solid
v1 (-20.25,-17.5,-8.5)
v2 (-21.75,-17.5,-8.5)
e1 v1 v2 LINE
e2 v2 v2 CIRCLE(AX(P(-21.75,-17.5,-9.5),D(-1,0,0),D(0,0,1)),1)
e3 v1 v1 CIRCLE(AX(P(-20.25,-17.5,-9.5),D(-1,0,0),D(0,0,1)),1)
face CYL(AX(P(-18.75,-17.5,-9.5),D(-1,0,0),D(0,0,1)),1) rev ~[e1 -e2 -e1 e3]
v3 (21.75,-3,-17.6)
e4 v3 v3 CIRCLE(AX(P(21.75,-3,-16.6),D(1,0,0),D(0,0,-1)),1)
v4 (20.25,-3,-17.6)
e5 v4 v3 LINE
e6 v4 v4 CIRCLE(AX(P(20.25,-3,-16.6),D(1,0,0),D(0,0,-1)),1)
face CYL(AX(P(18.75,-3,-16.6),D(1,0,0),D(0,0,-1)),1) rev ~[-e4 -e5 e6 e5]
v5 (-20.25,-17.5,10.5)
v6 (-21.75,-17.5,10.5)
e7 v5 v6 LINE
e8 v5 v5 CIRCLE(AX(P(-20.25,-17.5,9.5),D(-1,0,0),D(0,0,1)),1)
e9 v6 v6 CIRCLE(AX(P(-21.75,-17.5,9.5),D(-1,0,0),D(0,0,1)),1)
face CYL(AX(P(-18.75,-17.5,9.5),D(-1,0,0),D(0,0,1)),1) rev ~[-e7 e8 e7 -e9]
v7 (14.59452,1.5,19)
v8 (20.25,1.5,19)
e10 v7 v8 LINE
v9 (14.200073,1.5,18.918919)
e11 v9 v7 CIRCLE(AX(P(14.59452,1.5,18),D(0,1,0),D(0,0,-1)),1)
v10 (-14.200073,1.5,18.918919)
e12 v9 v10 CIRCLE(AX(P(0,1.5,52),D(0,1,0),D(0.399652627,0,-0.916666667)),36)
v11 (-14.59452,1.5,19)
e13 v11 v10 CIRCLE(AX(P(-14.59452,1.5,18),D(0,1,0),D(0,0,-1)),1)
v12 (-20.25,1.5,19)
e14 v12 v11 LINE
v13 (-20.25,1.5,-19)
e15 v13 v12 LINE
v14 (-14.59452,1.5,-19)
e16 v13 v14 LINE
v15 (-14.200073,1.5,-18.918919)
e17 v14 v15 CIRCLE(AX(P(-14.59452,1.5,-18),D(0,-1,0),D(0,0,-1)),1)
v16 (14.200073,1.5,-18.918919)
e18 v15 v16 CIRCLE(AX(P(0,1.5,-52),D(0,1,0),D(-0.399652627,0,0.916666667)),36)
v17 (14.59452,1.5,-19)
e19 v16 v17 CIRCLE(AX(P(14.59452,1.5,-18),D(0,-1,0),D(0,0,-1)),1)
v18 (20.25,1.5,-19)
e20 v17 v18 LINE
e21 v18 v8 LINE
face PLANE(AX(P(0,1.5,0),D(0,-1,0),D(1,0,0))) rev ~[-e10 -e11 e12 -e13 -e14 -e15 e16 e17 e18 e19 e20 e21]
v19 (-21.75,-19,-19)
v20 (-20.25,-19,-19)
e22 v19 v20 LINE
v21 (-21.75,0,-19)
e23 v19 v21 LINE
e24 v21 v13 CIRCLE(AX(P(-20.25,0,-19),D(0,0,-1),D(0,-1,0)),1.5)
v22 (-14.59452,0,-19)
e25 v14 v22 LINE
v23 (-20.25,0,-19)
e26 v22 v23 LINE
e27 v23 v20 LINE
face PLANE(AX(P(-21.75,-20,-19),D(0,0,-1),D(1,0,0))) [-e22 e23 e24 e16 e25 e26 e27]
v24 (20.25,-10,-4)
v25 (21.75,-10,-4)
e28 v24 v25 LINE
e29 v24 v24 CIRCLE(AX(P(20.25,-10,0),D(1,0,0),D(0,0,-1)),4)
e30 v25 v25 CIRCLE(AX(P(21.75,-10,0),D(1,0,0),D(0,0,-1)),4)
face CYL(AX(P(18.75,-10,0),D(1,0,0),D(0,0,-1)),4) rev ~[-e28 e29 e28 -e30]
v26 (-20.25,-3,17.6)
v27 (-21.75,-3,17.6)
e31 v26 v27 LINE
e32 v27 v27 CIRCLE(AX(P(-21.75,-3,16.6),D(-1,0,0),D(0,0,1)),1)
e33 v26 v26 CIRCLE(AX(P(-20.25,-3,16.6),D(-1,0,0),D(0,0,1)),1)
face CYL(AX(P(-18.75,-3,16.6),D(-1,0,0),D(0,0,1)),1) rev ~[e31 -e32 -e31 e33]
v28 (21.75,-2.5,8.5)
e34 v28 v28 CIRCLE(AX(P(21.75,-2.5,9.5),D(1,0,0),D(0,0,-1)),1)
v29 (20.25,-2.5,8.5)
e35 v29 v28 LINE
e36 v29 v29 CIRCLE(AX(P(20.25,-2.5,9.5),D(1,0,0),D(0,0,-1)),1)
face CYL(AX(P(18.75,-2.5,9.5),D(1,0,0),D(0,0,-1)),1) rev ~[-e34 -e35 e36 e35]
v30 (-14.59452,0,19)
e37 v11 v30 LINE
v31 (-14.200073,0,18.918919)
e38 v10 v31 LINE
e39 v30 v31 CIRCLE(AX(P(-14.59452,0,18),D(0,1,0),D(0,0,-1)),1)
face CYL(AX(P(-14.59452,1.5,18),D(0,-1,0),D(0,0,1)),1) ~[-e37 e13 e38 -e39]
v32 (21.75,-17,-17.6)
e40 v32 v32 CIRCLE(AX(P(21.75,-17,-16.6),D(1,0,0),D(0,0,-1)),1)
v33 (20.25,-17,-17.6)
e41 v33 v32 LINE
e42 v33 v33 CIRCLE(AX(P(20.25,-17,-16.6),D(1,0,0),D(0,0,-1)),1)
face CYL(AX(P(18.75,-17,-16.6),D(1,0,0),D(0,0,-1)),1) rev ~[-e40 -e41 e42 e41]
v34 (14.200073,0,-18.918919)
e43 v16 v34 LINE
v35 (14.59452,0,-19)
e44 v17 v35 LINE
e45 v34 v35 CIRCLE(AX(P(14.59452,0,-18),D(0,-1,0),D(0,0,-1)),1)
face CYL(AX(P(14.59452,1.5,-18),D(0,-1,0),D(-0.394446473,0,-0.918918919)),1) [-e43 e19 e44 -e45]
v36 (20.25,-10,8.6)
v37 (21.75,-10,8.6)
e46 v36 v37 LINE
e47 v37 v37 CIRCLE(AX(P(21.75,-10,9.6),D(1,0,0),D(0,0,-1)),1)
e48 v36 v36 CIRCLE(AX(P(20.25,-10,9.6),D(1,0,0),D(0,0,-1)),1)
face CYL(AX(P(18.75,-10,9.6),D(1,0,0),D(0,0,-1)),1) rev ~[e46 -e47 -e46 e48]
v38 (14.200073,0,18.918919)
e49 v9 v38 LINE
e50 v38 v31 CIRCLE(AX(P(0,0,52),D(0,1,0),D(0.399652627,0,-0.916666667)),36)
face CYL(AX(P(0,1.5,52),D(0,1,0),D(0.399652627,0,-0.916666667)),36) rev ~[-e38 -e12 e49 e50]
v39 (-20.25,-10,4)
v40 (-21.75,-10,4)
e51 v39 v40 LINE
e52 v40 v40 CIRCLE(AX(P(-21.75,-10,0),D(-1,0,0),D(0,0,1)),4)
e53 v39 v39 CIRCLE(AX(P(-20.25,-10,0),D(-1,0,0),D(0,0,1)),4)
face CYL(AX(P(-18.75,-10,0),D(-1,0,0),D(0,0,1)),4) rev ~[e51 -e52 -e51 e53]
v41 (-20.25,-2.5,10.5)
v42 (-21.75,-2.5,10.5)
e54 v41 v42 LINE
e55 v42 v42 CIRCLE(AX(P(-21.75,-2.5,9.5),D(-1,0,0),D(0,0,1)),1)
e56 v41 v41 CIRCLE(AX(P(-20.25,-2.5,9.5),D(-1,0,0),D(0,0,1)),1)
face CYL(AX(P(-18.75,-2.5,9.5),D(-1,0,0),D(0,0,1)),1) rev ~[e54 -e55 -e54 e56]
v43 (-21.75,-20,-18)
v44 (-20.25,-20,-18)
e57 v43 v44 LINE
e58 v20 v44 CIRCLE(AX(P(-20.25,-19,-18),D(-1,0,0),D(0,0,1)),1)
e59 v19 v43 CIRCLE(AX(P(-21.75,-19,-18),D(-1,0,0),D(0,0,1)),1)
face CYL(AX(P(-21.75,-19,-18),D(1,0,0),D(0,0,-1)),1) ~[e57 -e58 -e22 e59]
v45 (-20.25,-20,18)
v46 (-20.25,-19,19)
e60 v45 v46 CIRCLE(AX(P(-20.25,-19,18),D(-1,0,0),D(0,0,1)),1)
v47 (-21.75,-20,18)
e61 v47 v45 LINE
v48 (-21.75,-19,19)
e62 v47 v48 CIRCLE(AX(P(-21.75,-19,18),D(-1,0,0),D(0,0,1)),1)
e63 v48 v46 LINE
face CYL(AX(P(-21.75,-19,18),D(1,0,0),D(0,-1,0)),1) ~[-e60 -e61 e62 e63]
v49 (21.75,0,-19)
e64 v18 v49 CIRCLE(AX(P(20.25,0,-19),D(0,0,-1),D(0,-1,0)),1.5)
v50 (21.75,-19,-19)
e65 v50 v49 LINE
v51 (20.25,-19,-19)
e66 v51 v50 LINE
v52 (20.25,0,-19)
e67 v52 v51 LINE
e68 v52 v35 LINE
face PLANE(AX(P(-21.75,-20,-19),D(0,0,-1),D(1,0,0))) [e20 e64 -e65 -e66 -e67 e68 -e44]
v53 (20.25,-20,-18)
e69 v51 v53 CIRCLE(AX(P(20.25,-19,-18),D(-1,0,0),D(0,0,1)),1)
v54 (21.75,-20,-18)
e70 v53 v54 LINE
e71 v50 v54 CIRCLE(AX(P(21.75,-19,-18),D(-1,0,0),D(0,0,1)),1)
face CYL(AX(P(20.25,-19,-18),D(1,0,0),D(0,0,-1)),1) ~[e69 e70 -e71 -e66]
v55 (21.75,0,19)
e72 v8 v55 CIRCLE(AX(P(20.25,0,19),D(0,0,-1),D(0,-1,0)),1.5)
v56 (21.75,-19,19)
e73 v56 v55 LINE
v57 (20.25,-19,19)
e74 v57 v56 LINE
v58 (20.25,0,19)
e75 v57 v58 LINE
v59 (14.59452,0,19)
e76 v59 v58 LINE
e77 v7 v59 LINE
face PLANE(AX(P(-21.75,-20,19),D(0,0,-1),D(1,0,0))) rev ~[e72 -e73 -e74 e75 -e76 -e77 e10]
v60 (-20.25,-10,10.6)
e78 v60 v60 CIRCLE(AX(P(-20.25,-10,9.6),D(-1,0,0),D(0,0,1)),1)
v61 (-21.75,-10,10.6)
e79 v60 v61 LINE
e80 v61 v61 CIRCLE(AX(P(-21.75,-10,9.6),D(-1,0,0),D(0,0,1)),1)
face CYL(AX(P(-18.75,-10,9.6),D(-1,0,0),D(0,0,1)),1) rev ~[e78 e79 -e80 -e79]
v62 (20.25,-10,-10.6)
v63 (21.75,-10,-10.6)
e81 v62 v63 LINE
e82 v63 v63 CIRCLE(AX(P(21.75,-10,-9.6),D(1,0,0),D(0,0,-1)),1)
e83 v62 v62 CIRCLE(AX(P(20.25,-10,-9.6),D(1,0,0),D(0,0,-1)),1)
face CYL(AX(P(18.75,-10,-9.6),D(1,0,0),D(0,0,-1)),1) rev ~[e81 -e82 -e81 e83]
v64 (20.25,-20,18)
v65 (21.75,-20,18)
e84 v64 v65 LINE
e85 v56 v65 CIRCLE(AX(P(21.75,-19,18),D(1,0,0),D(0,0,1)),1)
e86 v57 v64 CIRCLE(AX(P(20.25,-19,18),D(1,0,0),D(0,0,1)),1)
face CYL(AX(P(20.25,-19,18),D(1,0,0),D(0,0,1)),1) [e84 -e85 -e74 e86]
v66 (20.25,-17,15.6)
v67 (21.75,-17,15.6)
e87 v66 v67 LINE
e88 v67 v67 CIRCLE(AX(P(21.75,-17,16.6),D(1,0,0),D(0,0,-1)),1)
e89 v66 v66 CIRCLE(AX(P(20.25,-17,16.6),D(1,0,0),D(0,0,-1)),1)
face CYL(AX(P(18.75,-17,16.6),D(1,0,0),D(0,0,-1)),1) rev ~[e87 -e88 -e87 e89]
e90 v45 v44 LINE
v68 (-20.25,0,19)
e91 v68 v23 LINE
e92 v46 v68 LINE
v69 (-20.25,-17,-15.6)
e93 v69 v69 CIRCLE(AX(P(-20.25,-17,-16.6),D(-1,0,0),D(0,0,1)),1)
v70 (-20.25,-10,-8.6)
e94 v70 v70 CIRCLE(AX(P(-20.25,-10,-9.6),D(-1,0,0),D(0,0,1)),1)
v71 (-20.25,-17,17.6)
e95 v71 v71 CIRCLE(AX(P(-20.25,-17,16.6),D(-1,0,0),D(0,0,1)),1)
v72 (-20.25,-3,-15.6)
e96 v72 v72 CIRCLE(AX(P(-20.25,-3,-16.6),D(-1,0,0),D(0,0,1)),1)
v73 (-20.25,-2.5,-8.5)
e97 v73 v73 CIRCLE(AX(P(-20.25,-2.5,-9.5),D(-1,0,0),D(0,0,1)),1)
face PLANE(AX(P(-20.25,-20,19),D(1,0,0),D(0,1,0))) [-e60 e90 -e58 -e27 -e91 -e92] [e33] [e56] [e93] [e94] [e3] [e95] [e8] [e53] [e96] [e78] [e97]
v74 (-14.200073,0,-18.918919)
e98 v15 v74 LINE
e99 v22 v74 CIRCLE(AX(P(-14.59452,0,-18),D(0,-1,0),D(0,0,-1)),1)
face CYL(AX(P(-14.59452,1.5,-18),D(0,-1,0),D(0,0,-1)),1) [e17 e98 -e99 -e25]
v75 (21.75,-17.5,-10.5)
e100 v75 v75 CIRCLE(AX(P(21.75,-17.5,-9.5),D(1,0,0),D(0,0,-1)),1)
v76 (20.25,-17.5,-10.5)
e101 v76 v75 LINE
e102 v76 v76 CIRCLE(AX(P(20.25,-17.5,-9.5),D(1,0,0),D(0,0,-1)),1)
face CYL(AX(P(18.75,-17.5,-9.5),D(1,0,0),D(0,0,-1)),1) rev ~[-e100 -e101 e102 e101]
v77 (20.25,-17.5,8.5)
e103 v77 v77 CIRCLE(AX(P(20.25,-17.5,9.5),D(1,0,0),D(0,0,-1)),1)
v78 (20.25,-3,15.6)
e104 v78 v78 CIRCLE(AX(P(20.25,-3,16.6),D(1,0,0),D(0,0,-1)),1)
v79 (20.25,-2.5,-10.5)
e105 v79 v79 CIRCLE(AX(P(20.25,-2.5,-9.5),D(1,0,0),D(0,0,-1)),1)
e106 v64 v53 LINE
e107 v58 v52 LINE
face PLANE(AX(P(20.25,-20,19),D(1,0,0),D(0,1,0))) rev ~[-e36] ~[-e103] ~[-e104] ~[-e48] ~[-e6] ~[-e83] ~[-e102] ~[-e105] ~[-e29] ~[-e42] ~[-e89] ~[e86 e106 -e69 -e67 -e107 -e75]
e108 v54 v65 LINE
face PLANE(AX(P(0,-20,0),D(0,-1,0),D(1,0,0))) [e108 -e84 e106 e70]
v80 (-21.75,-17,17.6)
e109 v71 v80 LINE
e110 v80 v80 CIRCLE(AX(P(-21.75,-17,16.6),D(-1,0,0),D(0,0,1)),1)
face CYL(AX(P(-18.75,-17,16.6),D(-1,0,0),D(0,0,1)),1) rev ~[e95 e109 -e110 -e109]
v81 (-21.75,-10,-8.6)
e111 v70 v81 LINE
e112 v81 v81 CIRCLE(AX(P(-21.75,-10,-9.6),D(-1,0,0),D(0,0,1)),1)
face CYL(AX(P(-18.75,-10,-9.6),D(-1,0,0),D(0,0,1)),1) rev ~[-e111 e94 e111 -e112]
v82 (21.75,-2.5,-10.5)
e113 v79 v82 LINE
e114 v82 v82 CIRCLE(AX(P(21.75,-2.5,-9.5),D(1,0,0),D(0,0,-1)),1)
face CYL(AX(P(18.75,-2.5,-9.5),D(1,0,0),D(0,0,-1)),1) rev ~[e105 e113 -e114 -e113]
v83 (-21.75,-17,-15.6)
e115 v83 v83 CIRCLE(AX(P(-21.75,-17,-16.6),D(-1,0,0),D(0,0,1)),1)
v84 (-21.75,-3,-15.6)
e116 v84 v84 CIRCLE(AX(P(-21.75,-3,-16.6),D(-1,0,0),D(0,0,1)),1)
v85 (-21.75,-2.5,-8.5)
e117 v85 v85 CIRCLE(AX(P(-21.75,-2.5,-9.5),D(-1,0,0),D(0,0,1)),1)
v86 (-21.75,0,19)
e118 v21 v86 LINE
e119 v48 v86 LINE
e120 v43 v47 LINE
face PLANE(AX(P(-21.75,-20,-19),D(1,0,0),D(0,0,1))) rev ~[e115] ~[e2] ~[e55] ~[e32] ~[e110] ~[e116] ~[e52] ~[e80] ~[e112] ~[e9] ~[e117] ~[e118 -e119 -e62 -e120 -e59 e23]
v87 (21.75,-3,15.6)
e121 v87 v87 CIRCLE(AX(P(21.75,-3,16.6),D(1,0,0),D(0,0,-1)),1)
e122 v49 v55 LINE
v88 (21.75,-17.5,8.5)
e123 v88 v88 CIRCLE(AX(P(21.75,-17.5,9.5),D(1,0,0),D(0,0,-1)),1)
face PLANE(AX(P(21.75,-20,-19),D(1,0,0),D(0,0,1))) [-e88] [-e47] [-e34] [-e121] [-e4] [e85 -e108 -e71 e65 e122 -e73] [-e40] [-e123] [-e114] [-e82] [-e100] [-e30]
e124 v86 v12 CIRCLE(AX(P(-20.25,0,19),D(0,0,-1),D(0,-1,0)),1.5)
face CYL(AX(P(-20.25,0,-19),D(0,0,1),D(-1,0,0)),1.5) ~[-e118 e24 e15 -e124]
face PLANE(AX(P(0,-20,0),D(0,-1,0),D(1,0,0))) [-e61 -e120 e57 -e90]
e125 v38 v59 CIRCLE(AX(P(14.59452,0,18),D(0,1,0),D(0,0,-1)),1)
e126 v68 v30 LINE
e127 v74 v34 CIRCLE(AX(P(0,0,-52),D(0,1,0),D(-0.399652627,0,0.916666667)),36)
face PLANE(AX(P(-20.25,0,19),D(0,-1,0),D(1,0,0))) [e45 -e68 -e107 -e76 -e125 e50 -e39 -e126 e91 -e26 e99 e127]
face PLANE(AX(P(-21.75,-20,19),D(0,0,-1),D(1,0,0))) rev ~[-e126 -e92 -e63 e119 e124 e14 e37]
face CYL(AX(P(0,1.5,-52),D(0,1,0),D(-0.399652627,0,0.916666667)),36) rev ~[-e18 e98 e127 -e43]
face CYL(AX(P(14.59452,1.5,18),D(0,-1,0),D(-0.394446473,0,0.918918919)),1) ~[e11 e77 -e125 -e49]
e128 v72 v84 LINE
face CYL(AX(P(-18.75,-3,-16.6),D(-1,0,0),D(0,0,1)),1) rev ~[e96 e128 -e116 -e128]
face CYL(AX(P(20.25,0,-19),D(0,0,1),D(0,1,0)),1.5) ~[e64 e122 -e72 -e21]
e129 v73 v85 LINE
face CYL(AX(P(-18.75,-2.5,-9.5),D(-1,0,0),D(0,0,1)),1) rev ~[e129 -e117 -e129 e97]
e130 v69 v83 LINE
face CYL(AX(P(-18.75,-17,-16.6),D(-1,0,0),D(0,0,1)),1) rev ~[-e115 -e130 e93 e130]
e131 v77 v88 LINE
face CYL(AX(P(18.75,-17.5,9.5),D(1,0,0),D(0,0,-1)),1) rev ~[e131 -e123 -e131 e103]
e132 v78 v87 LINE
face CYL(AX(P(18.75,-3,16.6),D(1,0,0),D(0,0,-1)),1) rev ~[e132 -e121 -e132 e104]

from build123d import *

# Parameters (mm, degrees)
SKETCH_1_W                = 43.5
SKETCH_1_H                = 38
EXTRUDE_1_DEPTH           = 21.5
SKETCH_2_W                = 40.5
SKETCH_2_H                = 20
CUT_EXTRUDE_1_DEPTH       = 39
CUT_EXTRUDE_2_DEPTH       = 22.5
CUT_EXTRUDE_3_DEPTH       = 22.5
HOLE_WIZARD_8_0_8_1_D     = 8
HOLE_WIZARD_8_0_8_1_DEPTH = 1.5
HOLE_WIZARD_2_0_2_1_D     = 2
HOLE_WIZARD_2_0_2_1_DEPTH = 1.5
HOLE_WIZARD_8_0_8_2_D     = 8
HOLE_WIZARD_8_0_8_2_DEPTH = 1.5
HOLE_WIZARD_2_0_2_2_D     = 2
HOLE_WIZARD_2_0_2_2_DEPTH = 1.5
FILLET_1_R                = 1
FILLET_2_R                = 1.5


with BuildPart() as part:
    # 草图1 → 凸台-拉伸1 (new body)
    with BuildSketch(Plane.XZ.offset(20)):
        Rectangle(SKETCH_1_W, SKETCH_1_H)
    extrude(amount=-EXTRUDE_1_DEPTH)

    # 草图2 → 切除-拉伸1 (cut, through all)
    with BuildSketch(Plane.XY.offset(19)):
        with Locations((0, -10)):
            Rectangle(SKETCH_2_W, SKETCH_2_H)
    extrude(amount=-CUT_EXTRUDE_1_DEPTH, mode=Mode.SUBTRACT)

    # 草图3 → 切除-拉伸2 (cut, through all)
    with BuildSketch(Plane(origin=(0, 1.5, 0), x_dir=(-1, 0, 0), z_dir=(0, 1, 0))):
        with BuildLine():
            Line((14.38749457, 19), (-14.38749457, 19))
            ThreePointArc((-14.38749457, 19), (0, 16), (14.38749457, 19))
        make_face()
    extrude(amount=-CUT_EXTRUDE_2_DEPTH, mode=Mode.SUBTRACT)

    # 草图4 → 切除-拉伸3 (cut, through all)
    with BuildSketch(Plane(origin=(0, 1.5, 0), x_dir=(-1, 0, 0), z_dir=(0, 1, 0))):
        with BuildLine():
            Line((-14.38749457, -19), (14.38749457, -19))
            ThreePointArc((14.38749457, -19), (0, -16), (-14.38749457, -19))
        make_face()
    extrude(amount=-CUT_EXTRUDE_3_DEPTH, mode=Mode.SUBTRACT)

    # Ø8.0 (8) 直径孔1
    with Locations(Plane.ZY.offset(-20.25)):
        with Locations((0, -10)):
            Hole(HOLE_WIZARD_8_0_8_1_D / 2, depth=HOLE_WIZARD_8_0_8_1_DEPTH)

    # Ø2.0 (2) 直径孔1
    with Locations(Plane.ZY.offset(-20.25)):
        with Locations((16.6, -3), (16.6, -17), (9.5, -17.5), (9.6, -10), (9.5, -2.5), (-9.5, -2.5), (-16.6, -3), (-16.6, -17), (-9.5, -17.5), (-9.6, -10)):
            Hole(HOLE_WIZARD_2_0_2_1_D / 2, depth=HOLE_WIZARD_2_0_2_1_DEPTH)

    # Ø8.0 (8) 直径孔2
    with Locations(Plane(origin=(-20.25, 0, 0), x_dir=(0, 0, -1), z_dir=(1, 0, 0))):
        with Locations((0, -10)):
            Hole(HOLE_WIZARD_8_0_8_2_D / 2, depth=HOLE_WIZARD_8_0_8_2_DEPTH)

    # Ø2.0 (2) 直径孔2
    with Locations(Plane(origin=(-20.25, 0, 0), x_dir=(0, 0, -1), z_dir=(1, 0, 0))):
        with Locations((-16.6, -3), (-16.6, -17), (-9.5, -17.5), (-9.6, -10), (-9.5, -2.5), (9.5, -2.5), (16.6, -3), (16.6, -17), (9.5, -17.5), (9.6, -10)):
            Hole(HOLE_WIZARD_2_0_2_2_D / 2, depth=HOLE_WIZARD_2_0_2_2_DEPTH)

    # 圆角1
    fillet_1_edges = [part.edges().sort_by_distance(p)[0] for p in [
        (-21, -20, 19),
        (21, -20, -19),
        (-14.38749457, 0.75, 19),
        (14.38749457, 0.75, 19),
        (14.38749457, 0.75, -19),
        (-14.38749457, 0.75, -19),
        (-21, -20, -19),
        (21, -20, 19),
    ]]
    fillet(fillet_1_edges, radius=FILLET_1_R)

    # 圆角2
    fillet_2_edges = [part.edges().sort_by_distance(p)[0] for p in [
        (-21.75, 1.5, 0),
        (21.75, 1.5, 0),
    ]]
    fillet(fillet_2_edges, radius=FILLET_2_R)


solid = part.part
